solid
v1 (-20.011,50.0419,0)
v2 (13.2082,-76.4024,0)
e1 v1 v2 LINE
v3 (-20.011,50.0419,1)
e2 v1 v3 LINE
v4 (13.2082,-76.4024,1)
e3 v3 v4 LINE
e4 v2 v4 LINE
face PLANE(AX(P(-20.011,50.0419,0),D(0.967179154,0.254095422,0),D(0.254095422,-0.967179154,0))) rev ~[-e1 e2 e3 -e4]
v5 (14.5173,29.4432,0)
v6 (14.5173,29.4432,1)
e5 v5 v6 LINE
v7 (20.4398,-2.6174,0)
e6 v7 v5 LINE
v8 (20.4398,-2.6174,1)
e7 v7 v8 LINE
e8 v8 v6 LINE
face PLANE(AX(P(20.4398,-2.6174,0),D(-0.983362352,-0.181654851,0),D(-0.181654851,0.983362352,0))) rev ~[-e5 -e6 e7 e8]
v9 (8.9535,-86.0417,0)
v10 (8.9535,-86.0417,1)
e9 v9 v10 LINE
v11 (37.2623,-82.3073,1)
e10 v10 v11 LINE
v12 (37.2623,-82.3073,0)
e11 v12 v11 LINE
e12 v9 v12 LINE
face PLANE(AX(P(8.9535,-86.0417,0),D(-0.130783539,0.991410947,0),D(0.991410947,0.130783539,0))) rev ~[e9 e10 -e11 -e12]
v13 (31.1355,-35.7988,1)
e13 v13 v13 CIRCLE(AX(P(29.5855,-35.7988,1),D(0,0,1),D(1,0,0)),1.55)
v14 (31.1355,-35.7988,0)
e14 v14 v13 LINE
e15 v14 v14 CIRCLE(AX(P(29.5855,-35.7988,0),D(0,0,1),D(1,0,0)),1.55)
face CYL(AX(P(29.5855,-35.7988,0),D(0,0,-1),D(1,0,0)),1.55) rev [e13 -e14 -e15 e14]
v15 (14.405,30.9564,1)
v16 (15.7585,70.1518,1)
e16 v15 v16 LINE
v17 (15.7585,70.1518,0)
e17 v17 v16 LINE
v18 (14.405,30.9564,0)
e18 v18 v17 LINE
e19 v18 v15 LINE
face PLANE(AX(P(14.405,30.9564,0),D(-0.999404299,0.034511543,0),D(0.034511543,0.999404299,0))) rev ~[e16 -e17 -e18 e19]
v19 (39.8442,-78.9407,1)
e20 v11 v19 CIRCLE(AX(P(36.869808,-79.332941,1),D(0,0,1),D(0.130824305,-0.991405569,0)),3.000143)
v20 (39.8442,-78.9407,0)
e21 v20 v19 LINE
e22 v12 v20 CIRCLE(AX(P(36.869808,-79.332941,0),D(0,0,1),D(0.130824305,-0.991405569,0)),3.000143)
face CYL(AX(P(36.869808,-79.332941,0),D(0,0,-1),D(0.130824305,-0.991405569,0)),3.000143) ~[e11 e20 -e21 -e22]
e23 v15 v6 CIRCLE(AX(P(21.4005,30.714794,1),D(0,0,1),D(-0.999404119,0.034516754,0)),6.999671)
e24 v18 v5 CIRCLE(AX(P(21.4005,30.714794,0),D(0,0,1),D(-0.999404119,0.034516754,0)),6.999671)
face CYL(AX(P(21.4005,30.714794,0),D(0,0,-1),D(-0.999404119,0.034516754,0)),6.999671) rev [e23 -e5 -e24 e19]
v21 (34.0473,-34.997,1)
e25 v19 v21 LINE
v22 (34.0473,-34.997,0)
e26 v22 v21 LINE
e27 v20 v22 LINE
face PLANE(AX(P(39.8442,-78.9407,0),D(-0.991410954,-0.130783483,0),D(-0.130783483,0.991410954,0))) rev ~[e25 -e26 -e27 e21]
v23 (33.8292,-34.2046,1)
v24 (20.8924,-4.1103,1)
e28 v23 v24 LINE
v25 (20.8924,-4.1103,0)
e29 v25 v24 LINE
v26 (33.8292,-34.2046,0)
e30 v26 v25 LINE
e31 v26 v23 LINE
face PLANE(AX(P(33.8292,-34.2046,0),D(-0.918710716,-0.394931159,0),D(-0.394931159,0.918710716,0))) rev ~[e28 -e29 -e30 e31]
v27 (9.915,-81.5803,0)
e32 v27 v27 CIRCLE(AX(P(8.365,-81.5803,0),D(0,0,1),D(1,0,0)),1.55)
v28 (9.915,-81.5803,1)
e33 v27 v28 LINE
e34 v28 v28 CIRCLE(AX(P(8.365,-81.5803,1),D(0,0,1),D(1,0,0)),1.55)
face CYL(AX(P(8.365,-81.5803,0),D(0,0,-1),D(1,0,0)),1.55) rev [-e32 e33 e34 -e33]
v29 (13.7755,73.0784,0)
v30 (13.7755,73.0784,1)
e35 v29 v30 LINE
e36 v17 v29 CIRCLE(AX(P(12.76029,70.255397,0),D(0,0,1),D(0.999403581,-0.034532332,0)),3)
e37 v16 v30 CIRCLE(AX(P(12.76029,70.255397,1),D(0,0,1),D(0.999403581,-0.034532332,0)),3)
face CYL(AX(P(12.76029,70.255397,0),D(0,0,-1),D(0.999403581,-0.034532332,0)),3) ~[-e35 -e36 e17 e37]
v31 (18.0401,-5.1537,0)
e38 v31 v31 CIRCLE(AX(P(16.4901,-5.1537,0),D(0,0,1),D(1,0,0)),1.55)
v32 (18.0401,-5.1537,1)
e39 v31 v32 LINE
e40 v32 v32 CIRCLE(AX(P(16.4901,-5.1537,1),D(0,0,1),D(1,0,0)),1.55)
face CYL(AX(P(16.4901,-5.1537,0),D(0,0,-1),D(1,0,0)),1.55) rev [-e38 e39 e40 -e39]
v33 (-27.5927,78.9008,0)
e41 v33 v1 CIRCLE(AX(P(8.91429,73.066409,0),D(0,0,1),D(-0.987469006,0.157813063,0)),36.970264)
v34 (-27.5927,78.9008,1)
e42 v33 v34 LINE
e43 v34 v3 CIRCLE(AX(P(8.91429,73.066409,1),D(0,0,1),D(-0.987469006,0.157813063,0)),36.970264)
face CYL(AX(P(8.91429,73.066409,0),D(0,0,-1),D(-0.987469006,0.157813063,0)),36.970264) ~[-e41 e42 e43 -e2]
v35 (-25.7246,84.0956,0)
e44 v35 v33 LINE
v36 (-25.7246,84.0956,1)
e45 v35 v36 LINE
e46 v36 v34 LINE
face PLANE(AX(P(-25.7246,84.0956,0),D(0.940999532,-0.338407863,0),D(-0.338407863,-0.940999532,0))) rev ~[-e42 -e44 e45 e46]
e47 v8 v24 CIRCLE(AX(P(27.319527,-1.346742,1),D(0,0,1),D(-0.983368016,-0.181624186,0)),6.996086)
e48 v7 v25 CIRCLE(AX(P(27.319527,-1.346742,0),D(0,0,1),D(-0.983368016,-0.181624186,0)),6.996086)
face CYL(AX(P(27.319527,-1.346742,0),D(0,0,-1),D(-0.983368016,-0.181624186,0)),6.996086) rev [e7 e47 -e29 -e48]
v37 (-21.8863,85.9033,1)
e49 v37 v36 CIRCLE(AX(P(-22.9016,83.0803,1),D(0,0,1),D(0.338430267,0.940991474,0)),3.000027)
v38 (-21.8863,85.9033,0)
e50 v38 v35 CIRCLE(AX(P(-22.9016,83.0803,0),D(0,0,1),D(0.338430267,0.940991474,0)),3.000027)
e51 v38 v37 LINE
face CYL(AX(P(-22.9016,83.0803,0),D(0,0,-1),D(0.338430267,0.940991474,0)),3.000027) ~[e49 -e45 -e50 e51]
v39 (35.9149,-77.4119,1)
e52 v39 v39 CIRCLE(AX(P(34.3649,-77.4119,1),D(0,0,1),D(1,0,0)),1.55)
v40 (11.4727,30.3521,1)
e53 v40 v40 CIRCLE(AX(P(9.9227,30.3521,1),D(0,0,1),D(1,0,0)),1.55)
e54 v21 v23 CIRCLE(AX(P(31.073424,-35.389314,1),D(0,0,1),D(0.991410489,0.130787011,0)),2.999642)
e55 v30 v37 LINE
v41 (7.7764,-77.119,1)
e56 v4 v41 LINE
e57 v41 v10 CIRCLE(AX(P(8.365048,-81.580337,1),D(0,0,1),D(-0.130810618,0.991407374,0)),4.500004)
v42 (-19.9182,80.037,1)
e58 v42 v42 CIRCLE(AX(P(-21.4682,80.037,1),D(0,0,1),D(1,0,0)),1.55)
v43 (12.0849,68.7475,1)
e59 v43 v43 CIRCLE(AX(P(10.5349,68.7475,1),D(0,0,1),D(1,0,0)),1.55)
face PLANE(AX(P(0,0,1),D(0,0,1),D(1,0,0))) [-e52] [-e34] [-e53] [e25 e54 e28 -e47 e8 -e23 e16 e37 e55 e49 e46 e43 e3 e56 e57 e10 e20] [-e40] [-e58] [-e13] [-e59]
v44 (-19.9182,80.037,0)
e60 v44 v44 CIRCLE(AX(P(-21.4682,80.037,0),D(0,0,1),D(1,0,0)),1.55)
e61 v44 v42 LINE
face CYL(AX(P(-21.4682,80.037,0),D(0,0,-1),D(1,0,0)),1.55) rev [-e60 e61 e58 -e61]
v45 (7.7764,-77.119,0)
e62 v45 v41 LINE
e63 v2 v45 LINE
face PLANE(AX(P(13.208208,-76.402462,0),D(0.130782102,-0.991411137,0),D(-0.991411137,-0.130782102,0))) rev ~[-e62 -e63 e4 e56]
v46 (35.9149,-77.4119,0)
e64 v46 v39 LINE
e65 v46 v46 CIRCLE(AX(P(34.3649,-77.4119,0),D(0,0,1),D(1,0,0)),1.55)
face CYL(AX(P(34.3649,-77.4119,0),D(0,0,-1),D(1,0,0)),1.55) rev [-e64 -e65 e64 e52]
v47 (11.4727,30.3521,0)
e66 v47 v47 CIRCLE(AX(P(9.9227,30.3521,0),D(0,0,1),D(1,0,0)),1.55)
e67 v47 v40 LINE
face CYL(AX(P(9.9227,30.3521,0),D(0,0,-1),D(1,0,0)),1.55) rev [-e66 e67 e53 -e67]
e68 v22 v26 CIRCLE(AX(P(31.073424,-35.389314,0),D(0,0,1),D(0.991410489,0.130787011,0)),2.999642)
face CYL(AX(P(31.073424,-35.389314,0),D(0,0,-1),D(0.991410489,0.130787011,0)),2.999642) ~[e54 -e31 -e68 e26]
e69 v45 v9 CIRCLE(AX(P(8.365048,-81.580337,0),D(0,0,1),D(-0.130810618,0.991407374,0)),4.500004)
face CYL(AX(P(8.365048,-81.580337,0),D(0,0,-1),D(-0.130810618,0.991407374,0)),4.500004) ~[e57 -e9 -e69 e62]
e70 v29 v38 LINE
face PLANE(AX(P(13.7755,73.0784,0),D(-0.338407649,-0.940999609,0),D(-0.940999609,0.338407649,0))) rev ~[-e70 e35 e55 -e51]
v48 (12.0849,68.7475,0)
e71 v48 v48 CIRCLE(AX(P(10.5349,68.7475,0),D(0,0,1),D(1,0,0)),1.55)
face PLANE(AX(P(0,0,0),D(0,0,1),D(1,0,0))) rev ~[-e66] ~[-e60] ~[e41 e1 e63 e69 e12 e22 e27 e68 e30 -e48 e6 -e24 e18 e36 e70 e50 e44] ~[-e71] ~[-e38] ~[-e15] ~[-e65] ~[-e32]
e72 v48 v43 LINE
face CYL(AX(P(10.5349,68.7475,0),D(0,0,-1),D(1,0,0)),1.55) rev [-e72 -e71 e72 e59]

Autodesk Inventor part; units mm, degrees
ref_plane "YZ Plane" through (0, 0, 0) normal (1, 0, 0) x (0, 1, 0)
ref_plane "XZ Plane" through (0, 0, 0) normal (0, 1, 0) x (-1, 0, 0)
ref_plane "XY Plane" through (0, 0, 0) normal (0, 0, 1) x (1, 0, 0)
ref_plane "Work Plane1" through (0, 0, 0) normal (0, 0, 1) x (1, 0, 0)
sketch "Sketch1" plane through (0, 0, 0) normal (0, 0, 1) x (1, 0, 0)
  line L0 (12.6235, -7.6637) -> (25.0692, -36.6156) projected
  arc A0 (25.2873, -37.408) -> (25.0692, -36.6156) centre (22.3131, -37.8003) ccw projected
  line L1 (25.2873, -37.408) -> (29.8752, -72.1865) projected
  arc A1 (28.1539, -74.4309) -> (29.8752, -72.1865) centre (27.8924, -72.448) ccw projected
  line L2 (28.1539, -74.4309) -> (7.7764, -77.119) projected
  arc A2 (7.7764, -77.119) -> (8.9535, -86.0417) centre (8.365, -81.5803) ccw projected
  line L3 (8.9535, -86.0417) -> (37.2623, -82.3073) projected
  arc A3 (37.2623, -82.3073) -> (39.8442, -78.9407) centre (36.8699, -79.3331) ccw projected
  line L4 (39.8442, -78.9407) -> (34.0473, -34.997) projected
  arc A4 (34.0473, -34.997) -> (33.8292, -34.2046) centre (31.073, -35.3894) ccw projected
  line L5 (33.8292, -34.2046) -> (20.8924, -4.1103) projected
  arc A5 (20.4398, -2.6174) -> (20.8924, -4.1103) centre (27.3234, -1.3458) ccw projected
  line L6 (20.4398, -2.6174) -> (14.5173, 29.4432) projected
  arc A6 (14.405, 30.9564) -> (14.5173, 29.4432) centre (21.4008, 30.7148) ccw projected
  line L7 (14.405, 30.9564) -> (15.7585, 70.1518) projected
  arc A7 (15.7585, 70.1518) -> (13.7755, 73.0784) centre (12.7603, 70.2554) ccw projected
  line L8 (13.7755, 73.0784) -> (-21.8863, 85.9033) projected
  arc A8 (-21.8863, 85.9033) -> (-25.7246, 84.0956) centre (-22.9016, 83.0803) ccw projected
  line L9 (-25.7246, 84.0956) -> (-39.6044, 45.5005) projected
  arc A9 (-39.6044, 45.5005) -> (-31.1354, 42.4548) centre (-35.3699, 43.9777) ccw projected
  line L10 (-31.1354, 42.4548) -> (-28.9682, 48.481) projected
  arc A10 (-23.2109, 51.1927) -> (-28.9682, 48.481) centre (-24.7337, 46.9582) ccw projected
  line L11 (-23.2109, 51.1927) -> (2.9943, 41.7686) projected
  arc A11 (5.6382, 37.8666) -> (2.9943, 41.7686) centre (1.6406, 38.0046) ccw projected
  line L12 (5.6382, 37.8666) -> (5.4104, 31.2681) projected
  arc A12 (5.4104, 31.2681) -> (5.5231, 29.7528) centre (12.4062, 31.0266) ccw projected
  line L13 (5.5231, 29.7528) -> (12.1714, -6.1729) projected
  arc A13 (12.1714, -6.1729) -> (12.6235, -7.6637) centre (19.0545, -4.8992) ccw projected
  circle A14 centre (29.5855, -35.7988) radius 1.55 projected
  circle A15 centre (10.5349, 68.7475) radius 1.55 projected
  circle A16 centre (16.4901, -5.1537) radius 1.55 projected
  circle A17 centre (-21.4682, 80.037) radius 1.55 projected
  circle A18 centre (-35.3699, 43.9777) radius 1.55 projected
  circle A19 centre (34.3649, -77.4119) radius 1.55 projected
  circle A20 centre (-28.5644, 59.2229) radius 1.55 projected
  circle A21 centre (8.365, -81.5803) radius 1.55 projected
  circle A22 centre (9.9227, 30.3521) radius 1.55 projected
  line L14 (0.9032, 52.0849) -> (-20.6357, 59.8309) projected
  arc A23 (-23.0461, 64.9485) -> (-20.6357, 59.8309) centre (-19.2821, 63.5949) ccw projected
  line L15 (-23.0461, 64.9485) -> (-20.3013, 72.5809) projected
  arc A24 (-16.463, 74.3887) -> (-20.3013, 72.5809) centre (-17.4783, 71.5657) ccw projected
  line L16 (-16.463, 74.3887) -> (3.8682, 67.077) projected
  arc A25 (6.5122, 63.1749) -> (3.8682, 67.077) centre (2.5146, 63.313) ccw projected
  line L17 (6.5122, 63.1749) -> (6.2544, 55.7109) projected
  arc A26 (0.9032, 52.0849) -> (6.2544, 55.7109) centre (2.2568, 55.8489) ccw projected
  line L18 (-14.3316, 28.4241) -> (-19.7537, 49.0626) construction
  line L19 (1.5801, -32.1414) -> (-3.5777, -12.5091) construction
  line L20 (-6.8942, 0.1146) -> (-11.0151, 15.8005) construction
  line L21 (-25.7315, 60.0097) -> (-31.5346, 58.4851) construction
  line L22 (-19.8838, 37.7512) -> (-25.7315, 60.0097) construction
  line L23 (-25.6869, 36.2266) -> (-19.8838, 37.7512) construction
  line L24 (-25.6869, 36.2266) -> (-31.5346, 58.4851) construction
  line L25 (1.5128, -67.305) -> (7.3158, -65.7804) construction
  line L26 (10.8632, -102.8959) -> (1.5128, -67.305) construction
  line L27 (16.6662, -101.3713) -> (10.8632, -102.8959) construction
  line L28 (7.3158, -65.7804) -> (16.6662, -101.3713) construction
  line L29 (-20.011, 50.0419) -> (13.2082, -76.4024)
  arc A27 (-27.5927, 78.9008) -> (-20.011, 50.0419) centre (8.9141, 73.0664) ccw
  point P0 (0, 0)
extrude "Extrusion1" add sketch "Sketch1" along normal blind 1 contours A13 L13 A12 L12 A11 L11 A27 L9 A8 L8 A7 L7 A6 L6 A5 L5 A4 L4 A3 L3 A2 L2 A1 L1 A0 L0 | L0 A0 L1 A1 L2 L29 L11 A11 L12 A12 L13 A13 | L14 A23 L15 A24 L16 A25 L17 A26
properties part number "side skert v2" material "Brass, Soft Yellow"
